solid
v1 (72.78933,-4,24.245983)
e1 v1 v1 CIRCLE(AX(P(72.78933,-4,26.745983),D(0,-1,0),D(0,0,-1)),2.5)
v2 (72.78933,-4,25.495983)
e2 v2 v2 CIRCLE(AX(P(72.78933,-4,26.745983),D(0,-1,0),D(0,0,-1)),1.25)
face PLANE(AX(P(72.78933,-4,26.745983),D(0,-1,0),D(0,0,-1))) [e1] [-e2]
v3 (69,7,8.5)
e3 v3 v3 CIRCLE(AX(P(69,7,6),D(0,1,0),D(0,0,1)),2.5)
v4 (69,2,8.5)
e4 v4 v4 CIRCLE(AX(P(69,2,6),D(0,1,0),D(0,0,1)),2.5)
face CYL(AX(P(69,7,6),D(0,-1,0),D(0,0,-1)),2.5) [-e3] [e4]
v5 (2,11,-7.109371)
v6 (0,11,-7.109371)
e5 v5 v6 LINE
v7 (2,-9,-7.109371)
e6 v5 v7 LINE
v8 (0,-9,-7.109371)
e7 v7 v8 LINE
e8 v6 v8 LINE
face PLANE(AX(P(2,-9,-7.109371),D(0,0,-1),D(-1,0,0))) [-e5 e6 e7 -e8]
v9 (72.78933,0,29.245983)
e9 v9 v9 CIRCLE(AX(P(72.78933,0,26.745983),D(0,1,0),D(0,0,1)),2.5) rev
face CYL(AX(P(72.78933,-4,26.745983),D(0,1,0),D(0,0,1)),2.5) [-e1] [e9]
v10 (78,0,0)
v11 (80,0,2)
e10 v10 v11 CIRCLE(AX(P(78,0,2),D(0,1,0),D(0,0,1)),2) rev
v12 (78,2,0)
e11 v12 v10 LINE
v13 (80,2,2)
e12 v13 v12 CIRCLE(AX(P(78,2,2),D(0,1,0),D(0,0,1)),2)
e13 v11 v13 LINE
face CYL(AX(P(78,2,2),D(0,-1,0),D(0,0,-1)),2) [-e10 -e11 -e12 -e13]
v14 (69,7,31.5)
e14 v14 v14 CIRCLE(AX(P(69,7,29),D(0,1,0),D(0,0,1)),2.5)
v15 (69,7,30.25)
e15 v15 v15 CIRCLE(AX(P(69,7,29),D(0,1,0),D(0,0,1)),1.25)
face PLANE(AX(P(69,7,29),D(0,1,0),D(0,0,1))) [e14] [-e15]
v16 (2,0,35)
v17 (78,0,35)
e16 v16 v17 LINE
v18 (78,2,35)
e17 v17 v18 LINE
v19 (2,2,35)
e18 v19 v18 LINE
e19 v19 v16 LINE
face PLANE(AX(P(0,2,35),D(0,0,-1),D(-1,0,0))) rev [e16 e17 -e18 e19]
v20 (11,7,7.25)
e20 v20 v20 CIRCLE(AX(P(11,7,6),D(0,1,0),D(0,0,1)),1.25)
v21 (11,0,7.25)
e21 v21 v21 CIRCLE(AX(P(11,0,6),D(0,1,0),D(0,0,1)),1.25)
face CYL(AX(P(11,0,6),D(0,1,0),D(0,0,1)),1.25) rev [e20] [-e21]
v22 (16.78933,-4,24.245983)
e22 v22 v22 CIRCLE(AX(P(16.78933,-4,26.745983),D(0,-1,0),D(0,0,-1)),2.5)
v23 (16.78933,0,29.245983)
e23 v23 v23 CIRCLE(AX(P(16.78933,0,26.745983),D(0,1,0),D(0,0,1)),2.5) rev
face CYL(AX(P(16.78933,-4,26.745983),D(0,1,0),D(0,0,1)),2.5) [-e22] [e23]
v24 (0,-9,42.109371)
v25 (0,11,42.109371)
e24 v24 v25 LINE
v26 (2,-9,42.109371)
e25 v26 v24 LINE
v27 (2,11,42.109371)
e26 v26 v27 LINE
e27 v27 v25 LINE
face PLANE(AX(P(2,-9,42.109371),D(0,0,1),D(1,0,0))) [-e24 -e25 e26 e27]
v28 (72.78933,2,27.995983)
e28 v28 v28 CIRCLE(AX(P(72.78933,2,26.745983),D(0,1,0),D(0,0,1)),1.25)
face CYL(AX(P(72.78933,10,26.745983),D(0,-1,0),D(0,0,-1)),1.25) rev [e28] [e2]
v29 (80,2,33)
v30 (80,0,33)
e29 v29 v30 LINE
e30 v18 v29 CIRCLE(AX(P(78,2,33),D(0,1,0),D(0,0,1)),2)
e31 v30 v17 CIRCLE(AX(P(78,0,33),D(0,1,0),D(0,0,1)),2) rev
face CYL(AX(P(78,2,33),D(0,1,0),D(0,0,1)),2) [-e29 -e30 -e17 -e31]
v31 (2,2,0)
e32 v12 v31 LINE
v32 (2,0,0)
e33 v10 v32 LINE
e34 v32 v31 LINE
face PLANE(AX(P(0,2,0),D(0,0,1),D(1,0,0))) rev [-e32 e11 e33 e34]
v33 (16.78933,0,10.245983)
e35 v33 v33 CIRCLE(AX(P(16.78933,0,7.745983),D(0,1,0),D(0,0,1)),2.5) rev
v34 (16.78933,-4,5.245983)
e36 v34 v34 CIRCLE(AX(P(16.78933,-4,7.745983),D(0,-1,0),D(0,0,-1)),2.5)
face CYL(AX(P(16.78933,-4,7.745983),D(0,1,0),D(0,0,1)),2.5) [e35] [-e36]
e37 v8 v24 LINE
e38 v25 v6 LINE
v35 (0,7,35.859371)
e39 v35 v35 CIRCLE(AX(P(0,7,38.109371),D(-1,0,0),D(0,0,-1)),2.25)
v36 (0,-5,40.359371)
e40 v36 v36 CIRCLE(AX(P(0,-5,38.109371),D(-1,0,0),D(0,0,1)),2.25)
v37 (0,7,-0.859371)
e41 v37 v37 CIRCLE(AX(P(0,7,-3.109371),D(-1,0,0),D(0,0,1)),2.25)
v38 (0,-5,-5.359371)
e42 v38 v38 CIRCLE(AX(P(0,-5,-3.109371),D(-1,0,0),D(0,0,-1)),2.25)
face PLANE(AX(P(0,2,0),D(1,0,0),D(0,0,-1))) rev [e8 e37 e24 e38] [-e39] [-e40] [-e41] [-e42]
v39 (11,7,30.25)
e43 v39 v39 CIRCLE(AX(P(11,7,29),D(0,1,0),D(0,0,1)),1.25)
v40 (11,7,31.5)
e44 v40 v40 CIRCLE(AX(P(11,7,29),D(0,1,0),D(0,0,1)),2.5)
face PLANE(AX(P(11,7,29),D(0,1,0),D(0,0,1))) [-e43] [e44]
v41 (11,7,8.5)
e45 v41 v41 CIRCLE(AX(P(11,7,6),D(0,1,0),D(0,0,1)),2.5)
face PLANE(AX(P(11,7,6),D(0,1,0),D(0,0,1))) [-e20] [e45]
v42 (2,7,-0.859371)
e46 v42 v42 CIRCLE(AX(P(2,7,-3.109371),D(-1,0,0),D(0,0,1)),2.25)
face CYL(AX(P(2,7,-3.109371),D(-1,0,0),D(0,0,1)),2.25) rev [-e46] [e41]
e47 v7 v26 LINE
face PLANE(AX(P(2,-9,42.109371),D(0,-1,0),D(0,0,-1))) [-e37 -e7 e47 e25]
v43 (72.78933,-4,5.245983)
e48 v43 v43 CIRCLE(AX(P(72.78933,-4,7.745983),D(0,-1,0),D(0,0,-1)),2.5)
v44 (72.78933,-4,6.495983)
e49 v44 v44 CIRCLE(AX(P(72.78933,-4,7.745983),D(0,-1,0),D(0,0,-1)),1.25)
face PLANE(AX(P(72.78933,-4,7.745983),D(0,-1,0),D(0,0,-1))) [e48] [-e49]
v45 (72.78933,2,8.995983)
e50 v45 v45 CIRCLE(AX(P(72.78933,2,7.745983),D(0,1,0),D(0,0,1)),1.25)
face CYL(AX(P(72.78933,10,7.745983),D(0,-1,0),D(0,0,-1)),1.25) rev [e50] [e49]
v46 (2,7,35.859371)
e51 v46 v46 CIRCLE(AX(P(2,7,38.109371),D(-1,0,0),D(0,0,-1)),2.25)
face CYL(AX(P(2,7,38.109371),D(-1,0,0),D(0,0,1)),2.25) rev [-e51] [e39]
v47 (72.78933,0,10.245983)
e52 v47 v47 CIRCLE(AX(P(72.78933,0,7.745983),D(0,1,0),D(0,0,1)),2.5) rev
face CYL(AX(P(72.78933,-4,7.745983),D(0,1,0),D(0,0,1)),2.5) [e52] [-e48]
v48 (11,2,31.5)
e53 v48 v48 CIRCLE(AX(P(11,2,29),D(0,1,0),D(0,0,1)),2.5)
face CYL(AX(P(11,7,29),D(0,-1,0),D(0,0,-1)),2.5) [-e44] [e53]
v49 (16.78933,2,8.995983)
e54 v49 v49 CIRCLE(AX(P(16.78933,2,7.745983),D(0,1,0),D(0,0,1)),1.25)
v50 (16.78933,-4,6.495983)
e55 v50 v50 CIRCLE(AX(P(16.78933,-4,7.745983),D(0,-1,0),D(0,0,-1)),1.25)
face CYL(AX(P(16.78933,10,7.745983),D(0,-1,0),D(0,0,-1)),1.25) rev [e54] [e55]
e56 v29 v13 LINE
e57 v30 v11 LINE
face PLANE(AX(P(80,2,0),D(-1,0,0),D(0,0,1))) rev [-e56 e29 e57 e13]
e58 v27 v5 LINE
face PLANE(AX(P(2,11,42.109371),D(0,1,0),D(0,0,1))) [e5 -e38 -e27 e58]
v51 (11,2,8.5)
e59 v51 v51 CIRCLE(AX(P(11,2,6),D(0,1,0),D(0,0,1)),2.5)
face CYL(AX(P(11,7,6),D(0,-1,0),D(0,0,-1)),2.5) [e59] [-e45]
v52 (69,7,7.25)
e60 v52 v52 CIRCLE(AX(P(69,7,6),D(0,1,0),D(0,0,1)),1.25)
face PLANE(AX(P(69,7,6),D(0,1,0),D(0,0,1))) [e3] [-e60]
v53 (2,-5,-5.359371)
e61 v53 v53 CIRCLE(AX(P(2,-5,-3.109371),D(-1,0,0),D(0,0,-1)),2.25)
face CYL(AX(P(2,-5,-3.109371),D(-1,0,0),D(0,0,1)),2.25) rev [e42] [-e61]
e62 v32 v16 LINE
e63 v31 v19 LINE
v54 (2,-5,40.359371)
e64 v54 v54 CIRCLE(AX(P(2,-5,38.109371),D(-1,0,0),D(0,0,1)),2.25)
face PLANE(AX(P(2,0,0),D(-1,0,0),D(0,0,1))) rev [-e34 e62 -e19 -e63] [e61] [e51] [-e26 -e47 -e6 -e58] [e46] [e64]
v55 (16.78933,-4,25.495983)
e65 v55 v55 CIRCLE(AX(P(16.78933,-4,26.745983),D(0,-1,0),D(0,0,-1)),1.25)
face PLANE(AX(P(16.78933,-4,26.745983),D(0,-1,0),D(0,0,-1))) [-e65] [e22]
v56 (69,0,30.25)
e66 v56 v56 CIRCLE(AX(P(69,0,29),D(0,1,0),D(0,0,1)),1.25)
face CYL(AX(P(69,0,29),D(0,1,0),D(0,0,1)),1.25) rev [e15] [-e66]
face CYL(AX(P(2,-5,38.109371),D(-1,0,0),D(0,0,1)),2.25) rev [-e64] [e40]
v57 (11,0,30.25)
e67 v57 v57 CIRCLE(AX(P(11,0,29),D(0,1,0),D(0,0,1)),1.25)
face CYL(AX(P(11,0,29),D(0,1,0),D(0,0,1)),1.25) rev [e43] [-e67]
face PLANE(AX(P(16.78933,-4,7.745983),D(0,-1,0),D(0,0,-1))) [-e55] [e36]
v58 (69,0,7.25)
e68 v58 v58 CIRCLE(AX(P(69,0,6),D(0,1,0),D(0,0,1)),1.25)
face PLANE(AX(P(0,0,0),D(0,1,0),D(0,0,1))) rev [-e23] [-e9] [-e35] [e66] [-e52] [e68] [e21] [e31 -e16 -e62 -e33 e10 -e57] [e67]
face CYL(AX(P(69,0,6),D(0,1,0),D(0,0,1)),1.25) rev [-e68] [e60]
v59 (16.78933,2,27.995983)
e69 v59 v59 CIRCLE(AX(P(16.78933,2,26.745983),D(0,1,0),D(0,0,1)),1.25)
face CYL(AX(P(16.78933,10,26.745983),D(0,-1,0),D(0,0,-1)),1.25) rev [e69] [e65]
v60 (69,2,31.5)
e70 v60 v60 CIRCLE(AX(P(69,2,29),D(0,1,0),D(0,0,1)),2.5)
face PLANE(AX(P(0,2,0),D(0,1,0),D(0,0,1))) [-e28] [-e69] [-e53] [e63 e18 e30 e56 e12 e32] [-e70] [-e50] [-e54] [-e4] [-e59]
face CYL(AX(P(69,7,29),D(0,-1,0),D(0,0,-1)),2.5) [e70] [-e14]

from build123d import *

# Parameters (mm, degrees)
SKETCH_1_W               = 80
SKETCH_1_H               = 35
EXTRUDE_1_DEPTH          = 2
SKETCH_2_R               = 2.5
EXTRUDE_2_DEPTH          = 5
SKETCH_3_R               = 1.25
CUT_EXTRUDE_1_DEPTH      = 1
CUT_EXTRUDE_1_DEPTH_BACK = 8
FILLET_1_R               = 2
FILLET_2_R               = 2
FILLET_3_R               = 2
FILLET_4_R               = 2
SKETCH_5_R               = 1.25
CUT_EXTRUDE_3_DEPTH      = 10
SKETCH_6_R               = 2.5
SKETCH_6_R_2             = 1.25
EXTRUDE_3_DEPTH          = 4
SKETCH_7_W               = 49.218742156
SKETCH_7_H               = 20
SKETCH_7_R               = 2.25
EXTRUDE_4_DEPTH          = 2


with BuildPart() as part:
    # Эскиз1 → Бобышка-Вытянуть1 (new body)
    with BuildSketch(Plane(origin=(0, 0, 0), x_dir=(1, 0, 0), z_dir=(0, 1, 0))):
        with Locations((40, -17.5)):
            Rectangle(SKETCH_1_W, SKETCH_1_H)
    extrude(amount=EXTRUDE_1_DEPTH)

    # Эскиз2 → Бобышка-Вытянуть2 (add)
    with BuildSketch(Plane(origin=(0, 2, 0), x_dir=(1, 0, 0), z_dir=(0, 1, 0))):
        with Locations((11, -6)):
            Circle(SKETCH_2_R)
        with Locations((11, -29)):
            Circle(SKETCH_2_R)
        with Locations((69, -6)):
            Circle(SKETCH_2_R)
        with Locations((69, -29)):
            Circle(SKETCH_2_R)
    extrude(amount=EXTRUDE_2_DEPTH)

    # Эскиз3 → Вырез-Вытянуть1 (cut, two sides)
    with BuildSketch(Plane(origin=(0, 7, 0), x_dir=(1, 0, 0), z_dir=(0, 1, 0))) as cut_extrude_1_sk:
        with Locations((11, -6)):
            Circle(SKETCH_3_R)
        with Locations((11, -29)):
            Circle(SKETCH_3_R)
        with Locations((69, -6)):
            Circle(SKETCH_3_R)
        with Locations((69, -29)):
            Circle(SKETCH_3_R)
    extrude(amount=CUT_EXTRUDE_1_DEPTH, mode=Mode.SUBTRACT)
    extrude(cut_extrude_1_sk.sketch, amount=-CUT_EXTRUDE_1_DEPTH_BACK, mode=Mode.SUBTRACT)

    # Скругление1
    fillet_1_edges = [part.edges().sort_by_distance(p)[0] for p in [
        (0, 1, 0),
    ]]
    fillet(fillet_1_edges, radius=FILLET_1_R)

    # Скругление2
    fillet_2_edges = [part.edges().sort_by_distance(p)[0] for p in [
        (0, 1, 35),
    ]]
    fillet(fillet_2_edges, radius=FILLET_2_R)

    # Скругление3
    fillet_3_edges = [part.edges().sort_by_distance(p)[0] for p in [
        (80, 1, 35),
    ]]
    fillet(fillet_3_edges, radius=FILLET_3_R)

    # Скругление4
    fillet_4_edges = [part.edges().sort_by_distance(p)[0] for p in [
        (80, 1, 0),
    ]]
    fillet(fillet_4_edges, radius=FILLET_4_R)

    # Эскиз5 → Вырез-Вытянуть3 (cut)
    with BuildSketch(Plane.XZ):
        with Locations((16.789329721, 26.745983075)):
            Circle(SKETCH_5_R)
        with Locations((72.789329721, 26.745983075)):
            Circle(SKETCH_5_R)
        with Locations((72.789329721, 7.745983075)):
            Circle(SKETCH_5_R)
        with Locations((16.789329721, 7.745983075)):
            Circle(SKETCH_5_R)
    extrude(amount=-CUT_EXTRUDE_3_DEPTH, mode=Mode.SUBTRACT)

    # Эскиз6 → Бобышка-Вытянуть3 (add)
    with BuildSketch(Plane.XZ):
        with Locations((16.789329721, 26.745983075)):
            Circle(SKETCH_6_R)
        with Locations((16.789329721, 26.745983075)):
            Circle(SKETCH_6_R_2, mode=Mode.SUBTRACT)
        with Locations((72.789329721, 26.745983075)):
            Circle(SKETCH_6_R)
        with Locations((72.789329721, 26.745983075)):
            Circle(SKETCH_6_R_2, mode=Mode.SUBTRACT)
        with Locations((72.789329721, 7.745983075)):
            Circle(SKETCH_6_R)
        with Locations((72.789329721, 7.745983075)):
            Circle(SKETCH_6_R_2, mode=Mode.SUBTRACT)
        with Locations((16.789329721, 7.745983075)):
            Circle(SKETCH_6_R)
        with Locations((16.789329721, 7.745983075)):
            Circle(SKETCH_6_R_2, mode=Mode.SUBTRACT)
    extrude(amount=EXTRUDE_3_DEPTH)

    # Эскиз7 → Бобышка-Вытянуть4 (add)
    with BuildSketch(Plane.ZY):
        with Locations((17.5, 1)):
            Rectangle(SKETCH_7_W, SKETCH_7_H)
        with Locations((38.109371078, -5)):
            Circle(SKETCH_7_R, mode=Mode.SUBTRACT)
        with Locations((-3.109371078, -5)):
            Circle(SKETCH_7_R, mode=Mode.SUBTRACT)
        with Locations((-3.109371078, 7)):
            Circle(SKETCH_7_R, mode=Mode.SUBTRACT)
        with Locations((38.109371078, 7)):
            Circle(SKETCH_7_R, mode=Mode.SUBTRACT)
    extrude(amount=-EXTRUDE_4_DEPTH)


solid = part.part
